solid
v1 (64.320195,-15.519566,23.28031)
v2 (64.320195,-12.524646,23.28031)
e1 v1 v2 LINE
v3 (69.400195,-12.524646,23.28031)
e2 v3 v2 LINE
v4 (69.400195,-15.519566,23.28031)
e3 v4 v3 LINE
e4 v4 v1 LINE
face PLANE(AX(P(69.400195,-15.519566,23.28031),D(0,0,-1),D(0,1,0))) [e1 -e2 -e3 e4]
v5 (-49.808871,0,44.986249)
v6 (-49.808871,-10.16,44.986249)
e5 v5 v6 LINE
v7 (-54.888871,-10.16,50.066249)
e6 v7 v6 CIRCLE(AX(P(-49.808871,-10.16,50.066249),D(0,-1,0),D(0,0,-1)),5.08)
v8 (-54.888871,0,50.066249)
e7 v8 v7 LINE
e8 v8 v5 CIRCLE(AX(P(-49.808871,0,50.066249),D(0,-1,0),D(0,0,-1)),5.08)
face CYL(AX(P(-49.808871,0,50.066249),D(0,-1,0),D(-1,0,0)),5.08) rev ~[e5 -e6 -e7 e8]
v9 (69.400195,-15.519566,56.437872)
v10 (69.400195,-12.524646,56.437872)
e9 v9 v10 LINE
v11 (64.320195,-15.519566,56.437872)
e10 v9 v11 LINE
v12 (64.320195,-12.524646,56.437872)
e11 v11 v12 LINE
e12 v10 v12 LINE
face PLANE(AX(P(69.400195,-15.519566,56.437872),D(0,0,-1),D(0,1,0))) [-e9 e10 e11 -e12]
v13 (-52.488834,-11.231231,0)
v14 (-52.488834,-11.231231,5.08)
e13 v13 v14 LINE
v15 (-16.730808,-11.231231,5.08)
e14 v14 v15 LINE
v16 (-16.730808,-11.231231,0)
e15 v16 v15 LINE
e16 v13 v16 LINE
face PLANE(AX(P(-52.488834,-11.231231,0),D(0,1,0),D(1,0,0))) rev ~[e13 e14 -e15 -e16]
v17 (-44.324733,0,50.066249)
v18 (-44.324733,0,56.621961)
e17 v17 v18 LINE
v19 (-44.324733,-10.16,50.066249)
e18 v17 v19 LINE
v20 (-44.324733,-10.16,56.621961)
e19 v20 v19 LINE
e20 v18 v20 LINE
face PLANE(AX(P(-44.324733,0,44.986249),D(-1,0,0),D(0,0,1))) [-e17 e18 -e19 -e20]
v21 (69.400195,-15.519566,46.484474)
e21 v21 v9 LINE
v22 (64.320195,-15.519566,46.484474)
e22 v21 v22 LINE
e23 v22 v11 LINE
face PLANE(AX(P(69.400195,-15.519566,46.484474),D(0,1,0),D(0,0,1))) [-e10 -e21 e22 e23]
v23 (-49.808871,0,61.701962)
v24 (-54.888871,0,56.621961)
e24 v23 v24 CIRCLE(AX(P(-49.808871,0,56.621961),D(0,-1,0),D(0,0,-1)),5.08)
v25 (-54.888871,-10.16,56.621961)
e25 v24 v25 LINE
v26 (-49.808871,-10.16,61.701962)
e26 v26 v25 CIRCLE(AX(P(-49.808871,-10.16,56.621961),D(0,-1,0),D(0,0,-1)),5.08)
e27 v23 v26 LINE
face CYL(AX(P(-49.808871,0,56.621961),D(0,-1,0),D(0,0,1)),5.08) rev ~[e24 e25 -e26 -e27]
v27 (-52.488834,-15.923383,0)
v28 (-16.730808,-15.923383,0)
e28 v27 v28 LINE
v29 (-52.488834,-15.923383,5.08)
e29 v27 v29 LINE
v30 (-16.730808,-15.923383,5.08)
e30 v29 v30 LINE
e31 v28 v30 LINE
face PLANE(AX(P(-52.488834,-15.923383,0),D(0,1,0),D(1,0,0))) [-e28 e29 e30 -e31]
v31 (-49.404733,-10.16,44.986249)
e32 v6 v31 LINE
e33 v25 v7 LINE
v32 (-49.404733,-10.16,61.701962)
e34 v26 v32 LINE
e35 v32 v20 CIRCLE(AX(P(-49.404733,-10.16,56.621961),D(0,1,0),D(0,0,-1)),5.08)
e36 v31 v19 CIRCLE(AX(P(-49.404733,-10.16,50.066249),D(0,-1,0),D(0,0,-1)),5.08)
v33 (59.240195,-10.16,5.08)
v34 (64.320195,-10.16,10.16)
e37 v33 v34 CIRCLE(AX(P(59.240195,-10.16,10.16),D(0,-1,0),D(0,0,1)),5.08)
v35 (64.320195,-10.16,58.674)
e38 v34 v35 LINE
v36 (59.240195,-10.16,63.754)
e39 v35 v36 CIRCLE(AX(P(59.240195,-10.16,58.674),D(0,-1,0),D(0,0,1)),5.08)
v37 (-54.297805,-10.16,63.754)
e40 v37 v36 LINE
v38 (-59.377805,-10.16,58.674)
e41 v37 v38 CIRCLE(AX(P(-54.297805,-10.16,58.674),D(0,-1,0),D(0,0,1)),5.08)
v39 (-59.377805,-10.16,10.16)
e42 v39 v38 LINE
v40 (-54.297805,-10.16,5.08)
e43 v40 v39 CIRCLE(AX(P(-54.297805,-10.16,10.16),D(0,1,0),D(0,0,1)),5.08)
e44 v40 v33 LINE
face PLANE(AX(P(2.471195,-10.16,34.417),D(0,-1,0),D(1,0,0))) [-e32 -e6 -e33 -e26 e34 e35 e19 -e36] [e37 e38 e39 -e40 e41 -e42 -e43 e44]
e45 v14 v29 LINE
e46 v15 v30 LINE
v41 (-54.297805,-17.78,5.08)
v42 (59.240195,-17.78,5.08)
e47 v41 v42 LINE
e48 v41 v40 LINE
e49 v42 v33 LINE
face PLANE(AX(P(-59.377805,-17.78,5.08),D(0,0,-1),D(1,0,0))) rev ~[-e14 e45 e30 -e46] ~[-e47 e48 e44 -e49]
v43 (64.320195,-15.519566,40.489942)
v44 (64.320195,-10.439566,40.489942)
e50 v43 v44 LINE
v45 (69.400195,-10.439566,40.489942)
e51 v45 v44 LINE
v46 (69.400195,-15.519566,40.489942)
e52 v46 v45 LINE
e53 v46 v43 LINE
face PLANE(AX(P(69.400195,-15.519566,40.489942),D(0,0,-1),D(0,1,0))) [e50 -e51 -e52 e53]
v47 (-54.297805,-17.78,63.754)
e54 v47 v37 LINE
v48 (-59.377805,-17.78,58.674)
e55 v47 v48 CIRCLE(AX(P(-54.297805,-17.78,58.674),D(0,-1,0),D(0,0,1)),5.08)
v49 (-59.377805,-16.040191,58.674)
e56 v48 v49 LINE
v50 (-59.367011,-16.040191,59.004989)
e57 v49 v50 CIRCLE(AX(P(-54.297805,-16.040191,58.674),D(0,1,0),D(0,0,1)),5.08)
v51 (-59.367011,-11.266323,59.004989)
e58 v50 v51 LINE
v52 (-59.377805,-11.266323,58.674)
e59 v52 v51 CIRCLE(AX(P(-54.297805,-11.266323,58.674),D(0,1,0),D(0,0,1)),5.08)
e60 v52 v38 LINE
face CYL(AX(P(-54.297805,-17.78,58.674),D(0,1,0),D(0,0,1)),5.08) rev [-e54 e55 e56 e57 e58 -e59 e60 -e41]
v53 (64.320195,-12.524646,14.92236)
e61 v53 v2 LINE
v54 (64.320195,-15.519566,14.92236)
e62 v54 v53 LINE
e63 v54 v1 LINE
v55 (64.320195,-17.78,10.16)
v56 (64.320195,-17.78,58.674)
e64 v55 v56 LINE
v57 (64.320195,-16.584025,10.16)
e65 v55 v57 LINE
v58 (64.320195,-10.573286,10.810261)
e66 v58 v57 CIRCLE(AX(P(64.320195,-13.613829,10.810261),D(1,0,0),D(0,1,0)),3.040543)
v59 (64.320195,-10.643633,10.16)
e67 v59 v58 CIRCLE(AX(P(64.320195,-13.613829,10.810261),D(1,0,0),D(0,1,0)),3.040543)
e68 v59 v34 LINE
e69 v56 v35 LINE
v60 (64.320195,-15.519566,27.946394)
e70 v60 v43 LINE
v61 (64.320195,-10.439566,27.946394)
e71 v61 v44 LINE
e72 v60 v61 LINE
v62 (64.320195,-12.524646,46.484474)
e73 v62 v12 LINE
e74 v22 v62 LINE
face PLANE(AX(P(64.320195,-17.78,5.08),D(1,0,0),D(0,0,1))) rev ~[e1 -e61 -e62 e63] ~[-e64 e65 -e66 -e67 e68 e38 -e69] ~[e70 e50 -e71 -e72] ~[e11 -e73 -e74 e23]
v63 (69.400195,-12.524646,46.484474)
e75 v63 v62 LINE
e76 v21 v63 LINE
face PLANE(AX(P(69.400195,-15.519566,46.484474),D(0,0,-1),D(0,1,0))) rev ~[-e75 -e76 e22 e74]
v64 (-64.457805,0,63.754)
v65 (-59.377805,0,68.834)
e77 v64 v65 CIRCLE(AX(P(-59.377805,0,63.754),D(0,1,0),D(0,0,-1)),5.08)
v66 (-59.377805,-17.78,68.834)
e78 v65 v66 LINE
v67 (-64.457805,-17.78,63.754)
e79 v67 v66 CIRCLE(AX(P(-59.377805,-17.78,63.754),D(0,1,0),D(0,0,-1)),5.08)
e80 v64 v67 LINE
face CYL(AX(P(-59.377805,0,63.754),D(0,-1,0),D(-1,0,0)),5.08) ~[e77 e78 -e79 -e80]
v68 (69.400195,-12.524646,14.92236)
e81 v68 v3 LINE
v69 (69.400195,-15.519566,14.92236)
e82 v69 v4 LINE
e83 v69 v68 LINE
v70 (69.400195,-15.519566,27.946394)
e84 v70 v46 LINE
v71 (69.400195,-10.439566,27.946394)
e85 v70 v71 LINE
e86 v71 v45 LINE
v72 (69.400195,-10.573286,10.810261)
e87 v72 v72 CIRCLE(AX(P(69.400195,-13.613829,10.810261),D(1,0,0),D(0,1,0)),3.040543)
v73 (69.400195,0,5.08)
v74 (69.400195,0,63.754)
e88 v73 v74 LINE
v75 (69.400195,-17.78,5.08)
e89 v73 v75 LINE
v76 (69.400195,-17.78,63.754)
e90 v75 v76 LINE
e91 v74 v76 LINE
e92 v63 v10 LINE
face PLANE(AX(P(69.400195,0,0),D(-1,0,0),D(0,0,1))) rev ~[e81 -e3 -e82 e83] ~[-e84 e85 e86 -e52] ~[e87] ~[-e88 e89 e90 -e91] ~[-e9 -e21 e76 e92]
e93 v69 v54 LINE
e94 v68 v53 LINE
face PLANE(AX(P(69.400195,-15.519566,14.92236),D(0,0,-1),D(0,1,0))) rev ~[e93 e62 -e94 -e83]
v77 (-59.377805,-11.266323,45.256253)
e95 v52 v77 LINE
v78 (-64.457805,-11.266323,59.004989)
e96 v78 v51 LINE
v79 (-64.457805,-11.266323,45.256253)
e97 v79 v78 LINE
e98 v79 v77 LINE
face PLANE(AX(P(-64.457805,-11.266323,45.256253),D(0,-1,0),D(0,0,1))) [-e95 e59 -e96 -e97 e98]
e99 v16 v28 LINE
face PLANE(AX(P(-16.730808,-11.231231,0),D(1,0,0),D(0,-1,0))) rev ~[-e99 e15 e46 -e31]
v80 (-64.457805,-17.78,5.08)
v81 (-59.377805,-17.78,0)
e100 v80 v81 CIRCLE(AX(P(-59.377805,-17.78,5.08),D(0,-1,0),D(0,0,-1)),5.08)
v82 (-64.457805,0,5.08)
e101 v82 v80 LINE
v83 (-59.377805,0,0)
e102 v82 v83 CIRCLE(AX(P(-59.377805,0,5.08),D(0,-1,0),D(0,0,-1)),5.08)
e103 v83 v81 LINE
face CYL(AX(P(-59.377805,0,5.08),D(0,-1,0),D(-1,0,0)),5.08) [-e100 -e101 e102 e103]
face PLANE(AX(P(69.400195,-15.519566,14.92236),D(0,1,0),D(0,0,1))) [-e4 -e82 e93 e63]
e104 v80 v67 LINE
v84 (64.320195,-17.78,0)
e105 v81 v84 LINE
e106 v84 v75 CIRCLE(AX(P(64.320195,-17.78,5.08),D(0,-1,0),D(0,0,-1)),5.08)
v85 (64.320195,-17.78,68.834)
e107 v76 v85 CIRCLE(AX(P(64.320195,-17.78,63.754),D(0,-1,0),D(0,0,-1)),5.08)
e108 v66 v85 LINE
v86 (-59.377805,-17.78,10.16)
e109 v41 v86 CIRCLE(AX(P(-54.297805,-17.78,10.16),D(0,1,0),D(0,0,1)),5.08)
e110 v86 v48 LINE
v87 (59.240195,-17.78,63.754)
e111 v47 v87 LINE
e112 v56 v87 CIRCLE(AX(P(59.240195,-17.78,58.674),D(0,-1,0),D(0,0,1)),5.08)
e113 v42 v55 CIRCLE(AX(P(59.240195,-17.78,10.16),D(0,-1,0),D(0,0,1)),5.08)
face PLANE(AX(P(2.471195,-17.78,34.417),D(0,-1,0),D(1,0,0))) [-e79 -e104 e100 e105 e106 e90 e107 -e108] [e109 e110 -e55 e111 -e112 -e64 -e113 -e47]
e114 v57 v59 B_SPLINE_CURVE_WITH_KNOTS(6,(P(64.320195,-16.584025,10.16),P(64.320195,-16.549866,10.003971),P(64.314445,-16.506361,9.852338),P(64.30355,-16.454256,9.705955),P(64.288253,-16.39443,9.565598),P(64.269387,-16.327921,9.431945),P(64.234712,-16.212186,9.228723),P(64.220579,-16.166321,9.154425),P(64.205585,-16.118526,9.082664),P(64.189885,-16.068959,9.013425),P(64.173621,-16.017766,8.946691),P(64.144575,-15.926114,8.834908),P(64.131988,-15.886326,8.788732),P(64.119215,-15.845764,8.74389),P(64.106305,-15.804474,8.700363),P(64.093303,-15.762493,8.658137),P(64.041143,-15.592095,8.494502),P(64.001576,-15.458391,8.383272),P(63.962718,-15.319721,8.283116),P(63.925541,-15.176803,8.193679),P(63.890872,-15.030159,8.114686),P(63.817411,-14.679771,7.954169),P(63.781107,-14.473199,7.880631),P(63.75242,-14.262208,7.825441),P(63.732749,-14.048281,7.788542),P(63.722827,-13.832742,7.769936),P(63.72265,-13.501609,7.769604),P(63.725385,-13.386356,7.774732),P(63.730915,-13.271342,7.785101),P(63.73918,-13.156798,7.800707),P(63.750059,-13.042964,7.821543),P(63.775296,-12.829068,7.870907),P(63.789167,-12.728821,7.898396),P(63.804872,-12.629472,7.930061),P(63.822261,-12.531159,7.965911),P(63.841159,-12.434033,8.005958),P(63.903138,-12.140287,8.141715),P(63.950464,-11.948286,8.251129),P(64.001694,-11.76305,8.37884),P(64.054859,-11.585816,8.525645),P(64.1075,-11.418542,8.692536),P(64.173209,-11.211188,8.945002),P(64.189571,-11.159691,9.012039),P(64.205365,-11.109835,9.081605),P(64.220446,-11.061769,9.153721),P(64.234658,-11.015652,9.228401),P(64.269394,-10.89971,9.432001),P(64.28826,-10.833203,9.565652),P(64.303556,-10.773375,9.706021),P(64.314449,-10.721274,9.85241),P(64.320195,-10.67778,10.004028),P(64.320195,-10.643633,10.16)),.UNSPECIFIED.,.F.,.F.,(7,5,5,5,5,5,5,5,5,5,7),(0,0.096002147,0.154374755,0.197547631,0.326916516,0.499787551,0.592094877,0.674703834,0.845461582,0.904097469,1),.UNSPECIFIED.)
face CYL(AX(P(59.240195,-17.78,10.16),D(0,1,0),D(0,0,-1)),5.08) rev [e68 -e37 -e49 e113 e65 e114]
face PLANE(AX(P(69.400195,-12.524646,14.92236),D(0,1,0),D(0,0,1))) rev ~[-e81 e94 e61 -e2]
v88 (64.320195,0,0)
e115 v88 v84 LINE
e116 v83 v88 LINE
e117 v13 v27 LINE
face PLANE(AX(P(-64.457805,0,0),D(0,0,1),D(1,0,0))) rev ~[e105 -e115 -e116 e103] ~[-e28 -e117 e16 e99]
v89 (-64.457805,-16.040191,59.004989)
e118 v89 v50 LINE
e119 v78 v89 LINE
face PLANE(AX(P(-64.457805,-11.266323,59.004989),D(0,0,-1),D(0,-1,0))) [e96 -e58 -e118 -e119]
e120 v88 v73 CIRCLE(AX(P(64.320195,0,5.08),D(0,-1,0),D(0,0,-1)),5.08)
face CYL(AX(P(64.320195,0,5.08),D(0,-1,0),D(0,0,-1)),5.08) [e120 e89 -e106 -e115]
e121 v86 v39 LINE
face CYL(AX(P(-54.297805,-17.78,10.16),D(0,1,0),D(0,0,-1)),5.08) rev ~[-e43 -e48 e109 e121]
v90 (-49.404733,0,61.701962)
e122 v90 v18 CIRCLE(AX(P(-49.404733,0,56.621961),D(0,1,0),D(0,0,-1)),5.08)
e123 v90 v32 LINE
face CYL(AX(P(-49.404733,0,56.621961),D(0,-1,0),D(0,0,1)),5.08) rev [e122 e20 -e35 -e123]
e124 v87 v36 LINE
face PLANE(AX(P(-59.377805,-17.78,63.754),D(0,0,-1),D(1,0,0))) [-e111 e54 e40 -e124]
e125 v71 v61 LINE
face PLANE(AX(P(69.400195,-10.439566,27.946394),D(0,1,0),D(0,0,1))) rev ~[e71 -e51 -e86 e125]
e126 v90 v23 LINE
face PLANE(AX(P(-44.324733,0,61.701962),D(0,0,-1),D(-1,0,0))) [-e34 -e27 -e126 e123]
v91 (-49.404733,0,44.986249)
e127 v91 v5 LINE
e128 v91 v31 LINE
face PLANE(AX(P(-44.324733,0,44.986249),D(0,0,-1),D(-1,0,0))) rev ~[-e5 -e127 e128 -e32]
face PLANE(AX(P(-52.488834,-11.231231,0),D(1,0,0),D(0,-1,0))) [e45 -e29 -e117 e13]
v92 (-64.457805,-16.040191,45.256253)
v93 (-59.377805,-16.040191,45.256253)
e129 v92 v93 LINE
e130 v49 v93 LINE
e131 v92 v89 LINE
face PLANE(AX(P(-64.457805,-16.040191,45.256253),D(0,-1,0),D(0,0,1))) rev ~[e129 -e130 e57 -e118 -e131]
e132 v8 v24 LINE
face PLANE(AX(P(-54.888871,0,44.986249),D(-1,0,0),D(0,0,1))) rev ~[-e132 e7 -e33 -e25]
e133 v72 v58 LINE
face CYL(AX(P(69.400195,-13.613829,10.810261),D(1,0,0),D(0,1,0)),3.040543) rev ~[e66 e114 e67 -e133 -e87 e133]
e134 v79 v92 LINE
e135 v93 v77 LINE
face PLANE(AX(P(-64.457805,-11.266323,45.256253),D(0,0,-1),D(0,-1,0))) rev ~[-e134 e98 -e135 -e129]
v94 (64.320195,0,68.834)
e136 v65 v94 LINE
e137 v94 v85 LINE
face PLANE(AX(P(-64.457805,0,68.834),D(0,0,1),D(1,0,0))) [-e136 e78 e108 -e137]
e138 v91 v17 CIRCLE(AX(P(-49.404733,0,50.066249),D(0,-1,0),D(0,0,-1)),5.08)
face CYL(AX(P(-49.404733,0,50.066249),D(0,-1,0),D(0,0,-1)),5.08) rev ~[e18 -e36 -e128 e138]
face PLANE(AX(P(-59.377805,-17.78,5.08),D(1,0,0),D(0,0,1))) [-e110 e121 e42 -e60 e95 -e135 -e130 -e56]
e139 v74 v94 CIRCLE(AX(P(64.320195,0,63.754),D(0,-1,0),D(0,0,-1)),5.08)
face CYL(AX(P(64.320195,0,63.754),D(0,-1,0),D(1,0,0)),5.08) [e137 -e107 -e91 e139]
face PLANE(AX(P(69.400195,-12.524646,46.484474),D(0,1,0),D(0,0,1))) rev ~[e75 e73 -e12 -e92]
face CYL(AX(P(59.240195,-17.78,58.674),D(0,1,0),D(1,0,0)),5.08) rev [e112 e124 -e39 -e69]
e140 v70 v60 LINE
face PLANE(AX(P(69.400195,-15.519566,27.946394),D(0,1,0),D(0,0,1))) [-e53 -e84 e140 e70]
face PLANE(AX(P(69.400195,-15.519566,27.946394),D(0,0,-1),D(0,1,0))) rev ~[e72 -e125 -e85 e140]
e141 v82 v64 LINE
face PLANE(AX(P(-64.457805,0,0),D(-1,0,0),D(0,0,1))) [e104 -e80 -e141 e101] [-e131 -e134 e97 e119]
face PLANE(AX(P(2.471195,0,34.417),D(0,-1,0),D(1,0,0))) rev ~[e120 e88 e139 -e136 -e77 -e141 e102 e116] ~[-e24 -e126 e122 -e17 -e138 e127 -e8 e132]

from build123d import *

# Parameters (mm, degrees)
F0_W      = 133.858
F0_H      = 68.834
F1_DEPTH  = 17.78
F2_R      = 5.08
F3_W      = 123.698
F3_H      = 58.674
F4_DEPTH  = 7.62
F5_R      = 5.08
F6_R      = 3.040543
F6_W      = 2.994919
F6_H      = 8.357951
F6_W_2    = 5.08
F6_H_2    = 12.543548
F6_H_3    = 9.953398
F7_DEPTH  = 25.4
F8_W      = 35.758026
F8_H      = 4.692151
F9_DEPTH  = 25.4
F10_W     = 4.773868
F10_H     = 13.748736
F11_DEPTH = 25.4
F12_W     = 10.564138
F12_H     = 16.715713
F13_DEPTH = 25.4
F14_R     = 5.08


with BuildPart() as f1:
    # F0 (on Front) → F1 (new body)
    with BuildSketch(Plane.XZ):
        with Locations((2.471195, 34.417)):
            Rectangle(F0_W, F0_H)
    extrude(amount=F1_DEPTH)

    # F2
    f2_edges = [f1.edges().sort_by_distance(p)[0] for p in [
        (-64.457805, -8.89, 68.834),
        (69.400195, -8.89, 68.834),
        (69.400195, -8.89, 0),
        (-64.457805, -8.89, 0),
    ]]
    fillet(f2_edges, radius=F2_R)

    # F3 (on face) → F4 (cut)
    with BuildSketch(Plane.XZ.offset(17.78)):
        with Locations((2.471195, 34.417)):
            Rectangle(F3_W, F3_H)
    extrude(amount=-F4_DEPTH, mode=Mode.SUBTRACT)

    # F5
    f5_edges = [f1.edges().sort_by_distance(p)[0] for p in [
        (-59.377805, -13.97, 63.754),
        (-59.377805, -13.97, 5.08),
        (64.320195, -13.97, 63.754),
        (64.320195, -13.97, 5.08),
    ]]
    fillet(f5_edges, radius=F5_R)

    # F6 (on face) → F7 (cut)
    with BuildSketch(Plane.YZ.offset(69.400195)):
        with Locations((-13.613829, 10.810261)):
            Circle(F6_R)
        with Locations((-14.022106, 19.101335)):
            Rectangle(F6_W, F6_H)
        with Locations((-12.979566, 34.218168)):
            Rectangle(F6_W_2, F6_H_2)
        with Locations((-14.022106, 51.461173)):
            Rectangle(F6_W, F6_H_3)
    extrude(amount=-F7_DEPTH, mode=Mode.SUBTRACT)

    # F8 (on face) → F9 (cut)
    with BuildSketch(Plane(origin=(0, 0, 0), x_dir=(1, 0, 0), z_dir=(0, 0, -1))):
        with Locations((-34.609821, 13.577307)):
            Rectangle(F8_W, F8_H)
    extrude(amount=-F9_DEPTH, mode=Mode.SUBTRACT)

    # F10 (on face) → F11 (cut)
    with BuildSketch(Plane(origin=(-64.457805, 0, 0), x_dir=(0, -1, 0), z_dir=(-1, 0, 0))):
        with Locations((13.653257, 52.130621)):
            Rectangle(F10_W, F10_H)
    extrude(amount=-F11_DEPTH, mode=Mode.SUBTRACT)

    # F12 (on face) → F13 (cut)
    with BuildSketch(Plane(origin=(0, 0, 0), x_dir=(-1, 0, 0), z_dir=(0, 1, 0))):
        with Locations((49.606802, 53.344105)):
            Rectangle(F12_W, F12_H)
    extrude(amount=-F13_DEPTH, mode=Mode.SUBTRACT)

    # F14
    f14_edges = [f1.edges().sort_by_distance(p)[0] for p in [
        (-54.888871, -5.08, 61.701961),
        (-54.888871, -5.08, 44.986248),
        (-44.324733, -5.08, 44.986248),
        (-44.324733, -5.08, 61.701961),
    ]]
    fillet(f14_edges, radius=F14_R)


solid = f1.part
